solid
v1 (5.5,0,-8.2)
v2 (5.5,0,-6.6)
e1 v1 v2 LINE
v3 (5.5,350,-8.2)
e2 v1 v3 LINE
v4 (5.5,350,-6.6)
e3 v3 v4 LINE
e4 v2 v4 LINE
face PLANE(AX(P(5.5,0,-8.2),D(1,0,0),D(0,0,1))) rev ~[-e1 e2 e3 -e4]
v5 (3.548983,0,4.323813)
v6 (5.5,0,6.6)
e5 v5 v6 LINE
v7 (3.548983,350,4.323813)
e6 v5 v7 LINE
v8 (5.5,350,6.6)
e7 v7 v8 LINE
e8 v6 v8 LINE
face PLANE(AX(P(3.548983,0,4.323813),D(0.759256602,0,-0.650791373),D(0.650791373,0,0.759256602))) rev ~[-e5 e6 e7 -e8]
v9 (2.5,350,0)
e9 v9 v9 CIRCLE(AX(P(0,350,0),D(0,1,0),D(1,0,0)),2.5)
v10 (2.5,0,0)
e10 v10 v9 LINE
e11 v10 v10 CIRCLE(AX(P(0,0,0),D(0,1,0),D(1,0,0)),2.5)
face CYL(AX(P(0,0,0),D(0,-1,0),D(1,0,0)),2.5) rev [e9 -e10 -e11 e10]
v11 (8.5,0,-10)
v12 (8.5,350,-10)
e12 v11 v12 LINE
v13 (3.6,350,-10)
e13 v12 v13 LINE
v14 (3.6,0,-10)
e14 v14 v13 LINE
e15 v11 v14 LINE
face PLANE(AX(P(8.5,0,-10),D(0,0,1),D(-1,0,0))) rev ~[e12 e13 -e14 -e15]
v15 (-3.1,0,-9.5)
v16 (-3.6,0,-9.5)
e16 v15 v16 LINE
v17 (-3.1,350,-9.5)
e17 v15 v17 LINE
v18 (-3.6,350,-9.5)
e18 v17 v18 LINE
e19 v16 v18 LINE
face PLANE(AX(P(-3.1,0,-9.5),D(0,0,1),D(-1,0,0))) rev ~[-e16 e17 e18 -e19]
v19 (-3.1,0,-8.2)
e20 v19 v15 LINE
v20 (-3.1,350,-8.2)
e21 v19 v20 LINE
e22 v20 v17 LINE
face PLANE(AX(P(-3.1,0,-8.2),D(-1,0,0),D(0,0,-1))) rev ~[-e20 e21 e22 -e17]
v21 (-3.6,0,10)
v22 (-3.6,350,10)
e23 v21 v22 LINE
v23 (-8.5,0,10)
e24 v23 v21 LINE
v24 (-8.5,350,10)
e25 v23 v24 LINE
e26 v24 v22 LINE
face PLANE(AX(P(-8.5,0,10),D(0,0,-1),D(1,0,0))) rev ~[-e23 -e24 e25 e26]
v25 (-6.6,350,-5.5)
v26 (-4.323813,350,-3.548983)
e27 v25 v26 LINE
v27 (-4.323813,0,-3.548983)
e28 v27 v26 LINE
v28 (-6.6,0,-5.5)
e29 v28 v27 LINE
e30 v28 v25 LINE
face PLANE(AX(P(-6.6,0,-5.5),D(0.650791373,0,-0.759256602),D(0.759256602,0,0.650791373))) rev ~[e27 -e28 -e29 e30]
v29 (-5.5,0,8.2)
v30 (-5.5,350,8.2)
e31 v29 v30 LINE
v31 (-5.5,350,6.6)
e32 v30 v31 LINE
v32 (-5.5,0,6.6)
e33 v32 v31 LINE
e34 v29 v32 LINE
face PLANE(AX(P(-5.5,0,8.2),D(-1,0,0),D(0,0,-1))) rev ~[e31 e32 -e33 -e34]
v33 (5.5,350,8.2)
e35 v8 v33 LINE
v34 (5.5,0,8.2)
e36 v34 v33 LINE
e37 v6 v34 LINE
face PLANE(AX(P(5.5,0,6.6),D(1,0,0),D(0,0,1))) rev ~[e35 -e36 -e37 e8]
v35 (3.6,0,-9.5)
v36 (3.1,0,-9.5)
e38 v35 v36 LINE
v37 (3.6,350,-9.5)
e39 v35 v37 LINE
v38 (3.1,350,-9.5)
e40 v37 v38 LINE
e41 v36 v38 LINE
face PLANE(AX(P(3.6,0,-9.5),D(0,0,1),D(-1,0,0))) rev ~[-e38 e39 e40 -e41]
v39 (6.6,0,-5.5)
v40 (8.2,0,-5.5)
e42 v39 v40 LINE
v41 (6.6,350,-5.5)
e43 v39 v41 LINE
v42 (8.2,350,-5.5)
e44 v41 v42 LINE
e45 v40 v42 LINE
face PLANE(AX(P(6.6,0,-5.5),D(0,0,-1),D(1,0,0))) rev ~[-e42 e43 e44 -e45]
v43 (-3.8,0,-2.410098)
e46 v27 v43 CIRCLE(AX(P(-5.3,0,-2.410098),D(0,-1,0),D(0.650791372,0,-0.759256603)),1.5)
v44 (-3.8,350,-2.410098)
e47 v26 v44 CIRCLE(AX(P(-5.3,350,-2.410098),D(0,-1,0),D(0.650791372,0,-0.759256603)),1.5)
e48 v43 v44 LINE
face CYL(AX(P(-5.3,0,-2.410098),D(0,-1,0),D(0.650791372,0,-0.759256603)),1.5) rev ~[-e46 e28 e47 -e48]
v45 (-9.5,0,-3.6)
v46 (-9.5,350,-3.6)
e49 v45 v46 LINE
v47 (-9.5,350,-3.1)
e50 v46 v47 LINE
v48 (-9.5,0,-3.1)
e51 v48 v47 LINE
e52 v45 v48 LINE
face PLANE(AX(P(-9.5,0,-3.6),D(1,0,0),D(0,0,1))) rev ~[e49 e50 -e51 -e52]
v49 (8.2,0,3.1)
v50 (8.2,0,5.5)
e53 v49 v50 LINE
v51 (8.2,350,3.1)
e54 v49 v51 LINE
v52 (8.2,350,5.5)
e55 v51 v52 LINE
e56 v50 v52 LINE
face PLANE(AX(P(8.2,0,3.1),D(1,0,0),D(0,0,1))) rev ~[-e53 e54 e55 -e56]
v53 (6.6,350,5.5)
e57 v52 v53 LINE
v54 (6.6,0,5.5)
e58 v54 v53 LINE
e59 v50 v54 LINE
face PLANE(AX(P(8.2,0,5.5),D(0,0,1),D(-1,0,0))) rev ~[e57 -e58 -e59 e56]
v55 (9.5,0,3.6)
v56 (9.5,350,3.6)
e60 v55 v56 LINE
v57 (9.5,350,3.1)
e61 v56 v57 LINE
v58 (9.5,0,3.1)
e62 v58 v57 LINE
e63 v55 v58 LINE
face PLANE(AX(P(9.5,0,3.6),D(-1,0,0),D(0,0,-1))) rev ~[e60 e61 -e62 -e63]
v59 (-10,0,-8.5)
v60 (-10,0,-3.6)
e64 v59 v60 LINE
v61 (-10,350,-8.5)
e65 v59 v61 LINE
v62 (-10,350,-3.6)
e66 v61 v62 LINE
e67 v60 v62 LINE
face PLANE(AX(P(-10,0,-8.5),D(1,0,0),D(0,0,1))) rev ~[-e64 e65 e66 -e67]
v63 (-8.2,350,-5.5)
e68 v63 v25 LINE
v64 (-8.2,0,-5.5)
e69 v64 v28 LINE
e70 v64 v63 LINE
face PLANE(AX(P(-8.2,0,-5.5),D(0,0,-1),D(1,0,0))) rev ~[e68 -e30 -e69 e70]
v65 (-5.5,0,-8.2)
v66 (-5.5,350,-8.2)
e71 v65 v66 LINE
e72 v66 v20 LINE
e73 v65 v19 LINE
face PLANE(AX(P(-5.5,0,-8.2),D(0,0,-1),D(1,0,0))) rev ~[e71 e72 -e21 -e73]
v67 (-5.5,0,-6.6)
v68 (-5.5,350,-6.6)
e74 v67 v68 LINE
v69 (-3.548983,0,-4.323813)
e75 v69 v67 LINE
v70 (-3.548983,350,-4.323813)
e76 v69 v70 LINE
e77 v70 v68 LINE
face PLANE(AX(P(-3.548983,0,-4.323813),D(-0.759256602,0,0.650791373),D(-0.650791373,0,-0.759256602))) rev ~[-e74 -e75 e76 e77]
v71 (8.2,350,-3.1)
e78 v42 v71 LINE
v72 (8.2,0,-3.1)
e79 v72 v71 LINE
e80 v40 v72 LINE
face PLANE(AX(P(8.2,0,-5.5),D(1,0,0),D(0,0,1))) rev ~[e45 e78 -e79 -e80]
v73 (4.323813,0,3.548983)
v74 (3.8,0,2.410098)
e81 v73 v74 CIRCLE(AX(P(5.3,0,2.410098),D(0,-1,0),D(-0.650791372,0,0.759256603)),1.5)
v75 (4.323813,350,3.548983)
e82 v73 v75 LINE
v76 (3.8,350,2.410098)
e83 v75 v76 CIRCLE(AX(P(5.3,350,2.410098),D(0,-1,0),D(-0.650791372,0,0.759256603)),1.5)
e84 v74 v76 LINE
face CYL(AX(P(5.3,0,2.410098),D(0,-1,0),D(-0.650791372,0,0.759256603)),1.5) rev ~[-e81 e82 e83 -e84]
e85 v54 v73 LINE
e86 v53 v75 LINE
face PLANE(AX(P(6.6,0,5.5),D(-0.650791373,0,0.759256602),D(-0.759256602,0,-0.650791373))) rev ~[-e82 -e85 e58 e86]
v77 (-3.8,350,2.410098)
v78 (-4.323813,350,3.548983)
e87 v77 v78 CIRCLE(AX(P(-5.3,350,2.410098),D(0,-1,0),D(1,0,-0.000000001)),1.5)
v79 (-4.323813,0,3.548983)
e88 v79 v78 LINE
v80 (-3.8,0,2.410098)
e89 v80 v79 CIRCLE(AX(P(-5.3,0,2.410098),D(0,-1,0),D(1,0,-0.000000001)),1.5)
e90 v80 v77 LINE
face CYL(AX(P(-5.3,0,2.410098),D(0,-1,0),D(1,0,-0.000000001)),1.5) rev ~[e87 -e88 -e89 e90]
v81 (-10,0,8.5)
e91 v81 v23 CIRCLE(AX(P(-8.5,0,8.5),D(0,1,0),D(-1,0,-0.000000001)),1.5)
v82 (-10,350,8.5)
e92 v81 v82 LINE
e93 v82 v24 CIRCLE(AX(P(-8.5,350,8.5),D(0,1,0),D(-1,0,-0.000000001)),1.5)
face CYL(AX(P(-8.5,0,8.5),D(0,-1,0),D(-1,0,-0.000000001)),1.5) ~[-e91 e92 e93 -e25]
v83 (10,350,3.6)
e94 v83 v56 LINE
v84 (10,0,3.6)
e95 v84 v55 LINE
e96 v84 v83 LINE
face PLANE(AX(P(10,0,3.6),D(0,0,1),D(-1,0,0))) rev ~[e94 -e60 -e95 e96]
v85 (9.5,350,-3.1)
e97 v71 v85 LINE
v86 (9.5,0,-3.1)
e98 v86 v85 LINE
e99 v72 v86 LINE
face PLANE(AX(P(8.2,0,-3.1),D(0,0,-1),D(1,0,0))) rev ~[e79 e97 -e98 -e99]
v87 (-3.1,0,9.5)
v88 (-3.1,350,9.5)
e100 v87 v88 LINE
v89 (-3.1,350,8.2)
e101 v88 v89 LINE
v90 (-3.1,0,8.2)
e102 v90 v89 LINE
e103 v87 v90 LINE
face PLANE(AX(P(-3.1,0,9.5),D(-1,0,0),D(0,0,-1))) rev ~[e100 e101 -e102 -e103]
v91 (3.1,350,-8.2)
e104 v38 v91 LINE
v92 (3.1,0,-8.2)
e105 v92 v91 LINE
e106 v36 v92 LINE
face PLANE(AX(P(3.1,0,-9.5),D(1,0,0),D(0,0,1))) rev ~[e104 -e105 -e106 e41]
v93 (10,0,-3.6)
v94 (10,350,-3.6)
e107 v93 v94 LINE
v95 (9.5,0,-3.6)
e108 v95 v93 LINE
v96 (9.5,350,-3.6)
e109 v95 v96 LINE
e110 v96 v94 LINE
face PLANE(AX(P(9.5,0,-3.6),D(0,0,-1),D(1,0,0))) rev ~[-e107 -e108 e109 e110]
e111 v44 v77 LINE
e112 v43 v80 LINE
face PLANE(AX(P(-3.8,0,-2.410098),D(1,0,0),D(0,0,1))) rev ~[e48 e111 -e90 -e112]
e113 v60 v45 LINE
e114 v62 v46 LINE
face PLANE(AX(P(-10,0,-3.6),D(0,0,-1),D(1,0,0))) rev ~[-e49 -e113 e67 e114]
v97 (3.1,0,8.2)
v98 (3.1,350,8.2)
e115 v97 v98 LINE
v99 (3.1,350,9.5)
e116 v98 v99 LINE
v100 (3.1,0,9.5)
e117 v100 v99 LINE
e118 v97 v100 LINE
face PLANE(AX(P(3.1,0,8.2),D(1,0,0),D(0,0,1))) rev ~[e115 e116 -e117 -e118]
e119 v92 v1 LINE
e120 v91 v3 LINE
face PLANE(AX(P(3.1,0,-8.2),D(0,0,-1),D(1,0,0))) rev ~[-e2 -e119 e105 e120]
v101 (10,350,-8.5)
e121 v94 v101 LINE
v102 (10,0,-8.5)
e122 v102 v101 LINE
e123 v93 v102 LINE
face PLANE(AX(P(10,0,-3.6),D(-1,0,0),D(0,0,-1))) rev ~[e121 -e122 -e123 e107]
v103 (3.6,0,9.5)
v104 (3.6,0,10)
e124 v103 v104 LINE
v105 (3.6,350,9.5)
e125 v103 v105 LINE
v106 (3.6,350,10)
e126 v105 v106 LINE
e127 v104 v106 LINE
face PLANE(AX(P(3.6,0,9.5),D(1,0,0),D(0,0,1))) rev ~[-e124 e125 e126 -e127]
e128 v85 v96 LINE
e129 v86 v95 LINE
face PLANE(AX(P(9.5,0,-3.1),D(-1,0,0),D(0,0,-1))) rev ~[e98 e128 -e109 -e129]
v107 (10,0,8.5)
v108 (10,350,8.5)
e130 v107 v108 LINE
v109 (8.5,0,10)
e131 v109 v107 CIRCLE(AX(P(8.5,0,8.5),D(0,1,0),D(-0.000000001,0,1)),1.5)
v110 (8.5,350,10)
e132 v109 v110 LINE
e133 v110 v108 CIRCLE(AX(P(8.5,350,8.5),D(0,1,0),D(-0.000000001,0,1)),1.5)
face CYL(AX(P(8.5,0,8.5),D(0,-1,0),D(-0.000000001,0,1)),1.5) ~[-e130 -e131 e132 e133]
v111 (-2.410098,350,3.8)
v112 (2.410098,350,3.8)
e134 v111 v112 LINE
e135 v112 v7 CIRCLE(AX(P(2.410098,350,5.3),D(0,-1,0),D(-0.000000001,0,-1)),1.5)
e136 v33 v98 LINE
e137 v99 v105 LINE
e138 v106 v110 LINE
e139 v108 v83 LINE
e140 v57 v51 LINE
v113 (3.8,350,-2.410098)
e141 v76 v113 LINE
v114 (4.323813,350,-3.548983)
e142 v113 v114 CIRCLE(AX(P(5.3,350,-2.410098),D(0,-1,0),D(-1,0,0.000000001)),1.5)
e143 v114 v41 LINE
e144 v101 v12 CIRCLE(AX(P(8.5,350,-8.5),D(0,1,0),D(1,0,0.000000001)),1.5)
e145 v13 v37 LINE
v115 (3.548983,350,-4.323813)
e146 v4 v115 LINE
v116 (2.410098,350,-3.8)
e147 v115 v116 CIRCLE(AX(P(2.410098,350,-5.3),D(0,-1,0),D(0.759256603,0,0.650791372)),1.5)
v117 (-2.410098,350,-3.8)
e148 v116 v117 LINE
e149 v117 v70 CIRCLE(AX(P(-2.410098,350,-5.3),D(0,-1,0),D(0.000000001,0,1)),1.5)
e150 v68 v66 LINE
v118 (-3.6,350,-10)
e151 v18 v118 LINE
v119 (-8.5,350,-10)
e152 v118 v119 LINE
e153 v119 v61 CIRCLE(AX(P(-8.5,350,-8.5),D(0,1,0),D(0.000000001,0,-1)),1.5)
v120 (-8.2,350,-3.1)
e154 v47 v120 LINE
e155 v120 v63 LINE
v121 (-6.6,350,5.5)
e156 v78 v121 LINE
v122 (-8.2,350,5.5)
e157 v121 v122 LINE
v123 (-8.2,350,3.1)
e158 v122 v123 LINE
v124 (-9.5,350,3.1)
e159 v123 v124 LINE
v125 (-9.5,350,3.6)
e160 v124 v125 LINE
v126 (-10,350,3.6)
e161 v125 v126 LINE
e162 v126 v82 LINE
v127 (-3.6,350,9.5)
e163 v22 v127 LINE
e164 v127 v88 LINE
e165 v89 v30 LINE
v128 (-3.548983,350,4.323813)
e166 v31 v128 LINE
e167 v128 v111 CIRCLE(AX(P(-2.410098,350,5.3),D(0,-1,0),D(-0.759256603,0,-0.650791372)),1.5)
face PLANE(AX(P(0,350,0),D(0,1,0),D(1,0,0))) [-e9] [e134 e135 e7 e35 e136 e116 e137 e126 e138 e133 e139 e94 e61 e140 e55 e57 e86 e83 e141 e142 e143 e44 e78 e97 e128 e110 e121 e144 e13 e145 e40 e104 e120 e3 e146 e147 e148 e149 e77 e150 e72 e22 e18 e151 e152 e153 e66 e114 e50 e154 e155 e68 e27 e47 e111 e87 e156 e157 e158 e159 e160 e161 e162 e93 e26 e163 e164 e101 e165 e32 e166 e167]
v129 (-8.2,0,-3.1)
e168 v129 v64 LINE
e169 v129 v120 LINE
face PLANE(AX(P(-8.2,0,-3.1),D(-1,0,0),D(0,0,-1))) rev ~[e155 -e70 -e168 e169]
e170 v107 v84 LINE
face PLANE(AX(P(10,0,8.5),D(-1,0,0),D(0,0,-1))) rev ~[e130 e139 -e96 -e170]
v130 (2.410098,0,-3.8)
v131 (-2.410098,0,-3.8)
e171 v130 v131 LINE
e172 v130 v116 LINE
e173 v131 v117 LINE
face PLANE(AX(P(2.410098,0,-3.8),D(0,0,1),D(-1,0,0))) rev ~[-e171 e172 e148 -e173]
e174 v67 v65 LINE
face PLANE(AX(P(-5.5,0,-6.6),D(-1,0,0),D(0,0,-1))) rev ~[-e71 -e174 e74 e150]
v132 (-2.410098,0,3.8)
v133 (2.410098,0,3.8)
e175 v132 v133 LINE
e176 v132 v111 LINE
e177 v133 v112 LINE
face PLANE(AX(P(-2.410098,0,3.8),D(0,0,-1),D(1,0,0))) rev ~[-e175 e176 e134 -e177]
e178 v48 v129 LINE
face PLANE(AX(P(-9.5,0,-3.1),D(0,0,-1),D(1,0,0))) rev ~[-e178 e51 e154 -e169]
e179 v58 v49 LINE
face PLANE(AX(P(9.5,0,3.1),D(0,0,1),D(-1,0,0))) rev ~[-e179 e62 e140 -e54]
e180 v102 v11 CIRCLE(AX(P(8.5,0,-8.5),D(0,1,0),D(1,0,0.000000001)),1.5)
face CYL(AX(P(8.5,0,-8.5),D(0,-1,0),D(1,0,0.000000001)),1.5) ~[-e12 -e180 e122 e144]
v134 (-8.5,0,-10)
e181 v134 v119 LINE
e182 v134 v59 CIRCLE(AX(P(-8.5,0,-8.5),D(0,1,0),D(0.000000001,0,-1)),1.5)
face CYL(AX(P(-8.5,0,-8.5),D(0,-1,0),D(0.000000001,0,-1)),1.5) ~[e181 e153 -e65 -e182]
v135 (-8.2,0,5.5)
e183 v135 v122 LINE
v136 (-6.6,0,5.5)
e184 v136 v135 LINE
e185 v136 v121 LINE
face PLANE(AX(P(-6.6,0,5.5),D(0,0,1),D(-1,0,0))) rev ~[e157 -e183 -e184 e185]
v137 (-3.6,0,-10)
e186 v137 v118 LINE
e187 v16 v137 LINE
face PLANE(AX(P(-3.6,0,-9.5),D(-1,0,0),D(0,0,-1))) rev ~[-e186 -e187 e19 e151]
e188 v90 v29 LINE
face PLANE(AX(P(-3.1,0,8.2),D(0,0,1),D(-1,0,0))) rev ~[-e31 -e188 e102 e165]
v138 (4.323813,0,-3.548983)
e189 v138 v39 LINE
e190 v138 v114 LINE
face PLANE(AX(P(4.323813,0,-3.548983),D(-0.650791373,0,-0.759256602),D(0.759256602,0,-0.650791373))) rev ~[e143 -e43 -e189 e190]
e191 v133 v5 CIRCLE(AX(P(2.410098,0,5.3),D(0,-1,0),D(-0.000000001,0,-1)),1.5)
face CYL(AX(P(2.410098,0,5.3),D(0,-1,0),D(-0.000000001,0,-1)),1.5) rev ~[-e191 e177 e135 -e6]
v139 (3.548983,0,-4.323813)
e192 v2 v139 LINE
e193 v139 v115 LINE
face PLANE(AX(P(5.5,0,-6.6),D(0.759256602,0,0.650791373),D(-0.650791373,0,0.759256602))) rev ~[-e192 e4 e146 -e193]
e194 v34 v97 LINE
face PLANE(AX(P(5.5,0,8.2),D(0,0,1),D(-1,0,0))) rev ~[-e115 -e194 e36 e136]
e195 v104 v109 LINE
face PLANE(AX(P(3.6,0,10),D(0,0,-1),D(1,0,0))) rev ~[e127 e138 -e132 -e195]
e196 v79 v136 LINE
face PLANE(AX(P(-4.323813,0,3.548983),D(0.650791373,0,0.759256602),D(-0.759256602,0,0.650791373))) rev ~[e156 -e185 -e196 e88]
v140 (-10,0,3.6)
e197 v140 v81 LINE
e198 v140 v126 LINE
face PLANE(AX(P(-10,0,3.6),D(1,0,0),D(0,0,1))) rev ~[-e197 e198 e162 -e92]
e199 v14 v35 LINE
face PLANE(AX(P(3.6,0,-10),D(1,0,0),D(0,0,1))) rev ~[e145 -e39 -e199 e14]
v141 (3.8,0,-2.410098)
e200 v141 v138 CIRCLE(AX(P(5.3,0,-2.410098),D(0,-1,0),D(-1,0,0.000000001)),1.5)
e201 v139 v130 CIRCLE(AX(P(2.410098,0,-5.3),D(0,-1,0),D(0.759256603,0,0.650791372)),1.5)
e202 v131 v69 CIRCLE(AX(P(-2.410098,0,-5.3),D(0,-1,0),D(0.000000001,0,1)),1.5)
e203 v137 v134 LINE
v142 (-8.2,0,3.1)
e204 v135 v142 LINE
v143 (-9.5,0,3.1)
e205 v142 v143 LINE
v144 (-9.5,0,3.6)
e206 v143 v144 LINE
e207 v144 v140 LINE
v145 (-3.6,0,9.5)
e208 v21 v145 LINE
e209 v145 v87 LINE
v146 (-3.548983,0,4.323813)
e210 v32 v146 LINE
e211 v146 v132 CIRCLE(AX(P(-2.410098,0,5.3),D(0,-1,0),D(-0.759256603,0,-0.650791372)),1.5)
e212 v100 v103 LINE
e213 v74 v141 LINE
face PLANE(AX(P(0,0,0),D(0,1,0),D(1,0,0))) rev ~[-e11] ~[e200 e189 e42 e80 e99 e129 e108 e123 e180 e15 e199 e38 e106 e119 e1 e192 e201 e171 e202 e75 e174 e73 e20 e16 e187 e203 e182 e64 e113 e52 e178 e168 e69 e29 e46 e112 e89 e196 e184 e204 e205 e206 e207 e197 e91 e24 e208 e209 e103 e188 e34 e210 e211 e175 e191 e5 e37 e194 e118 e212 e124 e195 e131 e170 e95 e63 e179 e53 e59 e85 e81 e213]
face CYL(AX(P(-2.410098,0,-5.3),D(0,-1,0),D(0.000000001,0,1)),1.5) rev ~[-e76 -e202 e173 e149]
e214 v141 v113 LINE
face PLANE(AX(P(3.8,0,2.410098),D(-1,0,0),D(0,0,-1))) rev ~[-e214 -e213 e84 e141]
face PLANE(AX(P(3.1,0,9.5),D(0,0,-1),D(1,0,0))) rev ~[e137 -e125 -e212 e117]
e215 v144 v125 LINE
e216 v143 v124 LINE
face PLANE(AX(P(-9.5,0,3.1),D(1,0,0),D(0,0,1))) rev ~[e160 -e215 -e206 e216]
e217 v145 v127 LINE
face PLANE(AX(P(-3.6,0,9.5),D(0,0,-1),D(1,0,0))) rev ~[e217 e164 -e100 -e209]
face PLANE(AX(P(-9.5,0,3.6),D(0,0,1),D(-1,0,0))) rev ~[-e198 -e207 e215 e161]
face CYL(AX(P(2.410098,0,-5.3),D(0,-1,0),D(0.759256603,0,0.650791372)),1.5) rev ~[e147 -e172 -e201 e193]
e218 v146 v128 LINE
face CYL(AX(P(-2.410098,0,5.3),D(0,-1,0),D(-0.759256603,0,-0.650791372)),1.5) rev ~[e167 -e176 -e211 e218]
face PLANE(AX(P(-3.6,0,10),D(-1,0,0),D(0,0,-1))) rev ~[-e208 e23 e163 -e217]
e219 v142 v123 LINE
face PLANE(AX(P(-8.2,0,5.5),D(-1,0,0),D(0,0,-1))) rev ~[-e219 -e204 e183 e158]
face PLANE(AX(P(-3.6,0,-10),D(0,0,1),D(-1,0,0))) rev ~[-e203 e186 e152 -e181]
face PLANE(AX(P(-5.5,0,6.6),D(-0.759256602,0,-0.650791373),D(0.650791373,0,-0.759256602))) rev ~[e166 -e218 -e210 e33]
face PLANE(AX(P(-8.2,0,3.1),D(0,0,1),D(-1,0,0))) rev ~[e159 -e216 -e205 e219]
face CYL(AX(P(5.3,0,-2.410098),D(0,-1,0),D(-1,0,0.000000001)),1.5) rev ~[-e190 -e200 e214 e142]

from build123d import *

# Parameters (mm, degrees)
SKETCH1_R           = 2.5
BOSS_EXTRUDE1_DEPTH = 350


with BuildPart() as part:
    # Sketch1 → Boss-Extrude1 (new body)
    with BuildSketch(Plane(origin=(0, 0, 0), x_dir=(1, 0, 0), z_dir=(0, 1, 0))):
        with BuildLine():
            ThreePointArc((-10, -8.5), (-9.560660172, -9.560660172), (-8.5, -10))
            Line((-8.5, -10), (-3.6, -10))
            Line((-3.6, -10), (-3.6, -9.5))
            Line((-3.6, -9.5), (-3.1, -9.5))
            Line((-3.1, -9.5), (-3.1, -8.2))
            Line((-3.1, -8.2), (-5.5, -8.2))
            Line((-5.5, -8.2), (-5.5, -6.6))
            Line((-5.5, -6.6), (-3.54898252, -4.32381294))
            ThreePointArc((-3.54898252, -4.32381294), (-3.036882831, -3.937230652), (-2.410097616, -3.8))
            Line((-2.410097616, -3.8), (2.410097616, -3.8))
            ThreePointArc((2.410097616, -3.8), (3.036882831, -3.937230652), (3.54898252, -4.32381294))
            Line((3.54898252, -4.32381294), (5.5, -6.6))
            Line((5.5, -6.6), (5.5, -8.2))
            Line((5.5, -8.2), (3.1, -8.2))
            Line((3.1, -8.2), (3.1, -9.5))
            Line((3.1, -9.5), (3.6, -9.5))
            Line((3.6, -9.5), (3.6, -10))
            Line((3.6, -10), (8.5, -10))
            ThreePointArc((8.5, -10), (9.560660172, -9.560660172), (10, -8.5))
            Line((10, -8.5), (10, -3.6))
            Line((10, -3.6), (9.5, -3.6))
            Line((9.5, -3.6), (9.5, -3.1))
            Line((9.5, -3.1), (8.2, -3.1))
            Line((8.2, -3.1), (8.2, -5.5))
            Line((8.2, -5.5), (6.6, -5.5))
            Line((6.6, -5.5), (4.32381294, -3.54898252))
            ThreePointArc((4.32381294, -3.54898252), (3.937230652, -3.036882831), (3.8, -2.410097616))
            Line((3.8, -2.410097616), (3.8, 2.410097616))
            ThreePointArc((3.8, 2.410097616), (3.937230652, 3.036882831), (4.32381294, 3.54898252))
            Line((4.32381294, 3.54898252), (6.6, 5.5))
            Line((6.6, 5.5), (8.2, 5.5))
            Line((8.2, 5.5), (8.2, 3.1))
            Line((8.2, 3.1), (9.5, 3.1))
            Line((9.5, 3.1), (9.5, 3.6))
            Line((9.5, 3.6), (10, 3.6))
            Line((10, 3.6), (10, 8.5))
            ThreePointArc((10, 8.5), (9.560660172, 9.560660172), (8.5, 10))
            Line((8.5, 10), (3.6, 10))
            Line((3.6, 10), (3.6, 9.5))
            Line((3.6, 9.5), (3.1, 9.5))
            Line((3.1, 9.5), (3.1, 8.2))
            Line((3.1, 8.2), (5.5, 8.2))
            Line((5.5, 8.2), (5.5, 6.6))
            Line((5.5, 6.6), (3.54898252, 4.32381294))
            ThreePointArc((3.54898252, 4.32381294), (3.036882831, 3.937230652), (2.410097616, 3.8))
            Line((2.410097616, 3.8), (-2.410097616, 3.8))
            ThreePointArc((-2.410097616, 3.8), (-3.036882831, 3.937230652), (-3.54898252, 4.32381294))
            Line((-3.54898252, 4.32381294), (-5.5, 6.6))
            Line((-5.5, 6.6), (-5.5, 8.2))
            Line((-5.5, 8.2), (-3.1, 8.2))
            Line((-3.1, 8.2), (-3.1, 9.5))
            Line((-3.1, 9.5), (-3.6, 9.5))
            Line((-3.6, 9.5), (-3.6, 10))
            Line((-3.6, 10), (-8.5, 10))
            ThreePointArc((-8.5, 10), (-9.560660172, 9.560660172), (-10, 8.5))
            Line((-10, 8.5), (-10, 3.6))
            Line((-10, 3.6), (-9.5, 3.6))
            Line((-9.5, 3.6), (-9.5, 3.1))
            Line((-9.5, 3.1), (-8.2, 3.1))
            Line((-8.2, 3.1), (-8.2, 5.5))
            Line((-8.2, 5.5), (-6.6, 5.5))
            Line((-6.6, 5.5), (-4.32381294, 3.54898252))
            ThreePointArc((-4.32381294, 3.54898252), (-3.937230652, 3.036882831), (-3.8, 2.410097616))
            Line((-3.8, 2.410097616), (-3.8, -2.410097616))
            ThreePointArc((-3.8, -2.410097616), (-3.937230652, -3.036882831), (-4.32381294, -3.54898252))
            Line((-4.32381294, -3.54898252), (-6.6, -5.5))
            Line((-6.6, -5.5), (-8.2, -5.5))
            Line((-8.2, -5.5), (-8.2, -3.1))
            Line((-8.2, -3.1), (-9.5, -3.1))
            Line((-9.5, -3.1), (-9.5, -3.6))
            Line((-9.5, -3.6), (-10, -3.6))
            Line((-10, -3.6), (-10, -8.5))
        make_face()
        Circle(SKETCH1_R, mode=Mode.SUBTRACT)
    extrude(amount=BOSS_EXTRUDE1_DEPTH)


solid = part.part
